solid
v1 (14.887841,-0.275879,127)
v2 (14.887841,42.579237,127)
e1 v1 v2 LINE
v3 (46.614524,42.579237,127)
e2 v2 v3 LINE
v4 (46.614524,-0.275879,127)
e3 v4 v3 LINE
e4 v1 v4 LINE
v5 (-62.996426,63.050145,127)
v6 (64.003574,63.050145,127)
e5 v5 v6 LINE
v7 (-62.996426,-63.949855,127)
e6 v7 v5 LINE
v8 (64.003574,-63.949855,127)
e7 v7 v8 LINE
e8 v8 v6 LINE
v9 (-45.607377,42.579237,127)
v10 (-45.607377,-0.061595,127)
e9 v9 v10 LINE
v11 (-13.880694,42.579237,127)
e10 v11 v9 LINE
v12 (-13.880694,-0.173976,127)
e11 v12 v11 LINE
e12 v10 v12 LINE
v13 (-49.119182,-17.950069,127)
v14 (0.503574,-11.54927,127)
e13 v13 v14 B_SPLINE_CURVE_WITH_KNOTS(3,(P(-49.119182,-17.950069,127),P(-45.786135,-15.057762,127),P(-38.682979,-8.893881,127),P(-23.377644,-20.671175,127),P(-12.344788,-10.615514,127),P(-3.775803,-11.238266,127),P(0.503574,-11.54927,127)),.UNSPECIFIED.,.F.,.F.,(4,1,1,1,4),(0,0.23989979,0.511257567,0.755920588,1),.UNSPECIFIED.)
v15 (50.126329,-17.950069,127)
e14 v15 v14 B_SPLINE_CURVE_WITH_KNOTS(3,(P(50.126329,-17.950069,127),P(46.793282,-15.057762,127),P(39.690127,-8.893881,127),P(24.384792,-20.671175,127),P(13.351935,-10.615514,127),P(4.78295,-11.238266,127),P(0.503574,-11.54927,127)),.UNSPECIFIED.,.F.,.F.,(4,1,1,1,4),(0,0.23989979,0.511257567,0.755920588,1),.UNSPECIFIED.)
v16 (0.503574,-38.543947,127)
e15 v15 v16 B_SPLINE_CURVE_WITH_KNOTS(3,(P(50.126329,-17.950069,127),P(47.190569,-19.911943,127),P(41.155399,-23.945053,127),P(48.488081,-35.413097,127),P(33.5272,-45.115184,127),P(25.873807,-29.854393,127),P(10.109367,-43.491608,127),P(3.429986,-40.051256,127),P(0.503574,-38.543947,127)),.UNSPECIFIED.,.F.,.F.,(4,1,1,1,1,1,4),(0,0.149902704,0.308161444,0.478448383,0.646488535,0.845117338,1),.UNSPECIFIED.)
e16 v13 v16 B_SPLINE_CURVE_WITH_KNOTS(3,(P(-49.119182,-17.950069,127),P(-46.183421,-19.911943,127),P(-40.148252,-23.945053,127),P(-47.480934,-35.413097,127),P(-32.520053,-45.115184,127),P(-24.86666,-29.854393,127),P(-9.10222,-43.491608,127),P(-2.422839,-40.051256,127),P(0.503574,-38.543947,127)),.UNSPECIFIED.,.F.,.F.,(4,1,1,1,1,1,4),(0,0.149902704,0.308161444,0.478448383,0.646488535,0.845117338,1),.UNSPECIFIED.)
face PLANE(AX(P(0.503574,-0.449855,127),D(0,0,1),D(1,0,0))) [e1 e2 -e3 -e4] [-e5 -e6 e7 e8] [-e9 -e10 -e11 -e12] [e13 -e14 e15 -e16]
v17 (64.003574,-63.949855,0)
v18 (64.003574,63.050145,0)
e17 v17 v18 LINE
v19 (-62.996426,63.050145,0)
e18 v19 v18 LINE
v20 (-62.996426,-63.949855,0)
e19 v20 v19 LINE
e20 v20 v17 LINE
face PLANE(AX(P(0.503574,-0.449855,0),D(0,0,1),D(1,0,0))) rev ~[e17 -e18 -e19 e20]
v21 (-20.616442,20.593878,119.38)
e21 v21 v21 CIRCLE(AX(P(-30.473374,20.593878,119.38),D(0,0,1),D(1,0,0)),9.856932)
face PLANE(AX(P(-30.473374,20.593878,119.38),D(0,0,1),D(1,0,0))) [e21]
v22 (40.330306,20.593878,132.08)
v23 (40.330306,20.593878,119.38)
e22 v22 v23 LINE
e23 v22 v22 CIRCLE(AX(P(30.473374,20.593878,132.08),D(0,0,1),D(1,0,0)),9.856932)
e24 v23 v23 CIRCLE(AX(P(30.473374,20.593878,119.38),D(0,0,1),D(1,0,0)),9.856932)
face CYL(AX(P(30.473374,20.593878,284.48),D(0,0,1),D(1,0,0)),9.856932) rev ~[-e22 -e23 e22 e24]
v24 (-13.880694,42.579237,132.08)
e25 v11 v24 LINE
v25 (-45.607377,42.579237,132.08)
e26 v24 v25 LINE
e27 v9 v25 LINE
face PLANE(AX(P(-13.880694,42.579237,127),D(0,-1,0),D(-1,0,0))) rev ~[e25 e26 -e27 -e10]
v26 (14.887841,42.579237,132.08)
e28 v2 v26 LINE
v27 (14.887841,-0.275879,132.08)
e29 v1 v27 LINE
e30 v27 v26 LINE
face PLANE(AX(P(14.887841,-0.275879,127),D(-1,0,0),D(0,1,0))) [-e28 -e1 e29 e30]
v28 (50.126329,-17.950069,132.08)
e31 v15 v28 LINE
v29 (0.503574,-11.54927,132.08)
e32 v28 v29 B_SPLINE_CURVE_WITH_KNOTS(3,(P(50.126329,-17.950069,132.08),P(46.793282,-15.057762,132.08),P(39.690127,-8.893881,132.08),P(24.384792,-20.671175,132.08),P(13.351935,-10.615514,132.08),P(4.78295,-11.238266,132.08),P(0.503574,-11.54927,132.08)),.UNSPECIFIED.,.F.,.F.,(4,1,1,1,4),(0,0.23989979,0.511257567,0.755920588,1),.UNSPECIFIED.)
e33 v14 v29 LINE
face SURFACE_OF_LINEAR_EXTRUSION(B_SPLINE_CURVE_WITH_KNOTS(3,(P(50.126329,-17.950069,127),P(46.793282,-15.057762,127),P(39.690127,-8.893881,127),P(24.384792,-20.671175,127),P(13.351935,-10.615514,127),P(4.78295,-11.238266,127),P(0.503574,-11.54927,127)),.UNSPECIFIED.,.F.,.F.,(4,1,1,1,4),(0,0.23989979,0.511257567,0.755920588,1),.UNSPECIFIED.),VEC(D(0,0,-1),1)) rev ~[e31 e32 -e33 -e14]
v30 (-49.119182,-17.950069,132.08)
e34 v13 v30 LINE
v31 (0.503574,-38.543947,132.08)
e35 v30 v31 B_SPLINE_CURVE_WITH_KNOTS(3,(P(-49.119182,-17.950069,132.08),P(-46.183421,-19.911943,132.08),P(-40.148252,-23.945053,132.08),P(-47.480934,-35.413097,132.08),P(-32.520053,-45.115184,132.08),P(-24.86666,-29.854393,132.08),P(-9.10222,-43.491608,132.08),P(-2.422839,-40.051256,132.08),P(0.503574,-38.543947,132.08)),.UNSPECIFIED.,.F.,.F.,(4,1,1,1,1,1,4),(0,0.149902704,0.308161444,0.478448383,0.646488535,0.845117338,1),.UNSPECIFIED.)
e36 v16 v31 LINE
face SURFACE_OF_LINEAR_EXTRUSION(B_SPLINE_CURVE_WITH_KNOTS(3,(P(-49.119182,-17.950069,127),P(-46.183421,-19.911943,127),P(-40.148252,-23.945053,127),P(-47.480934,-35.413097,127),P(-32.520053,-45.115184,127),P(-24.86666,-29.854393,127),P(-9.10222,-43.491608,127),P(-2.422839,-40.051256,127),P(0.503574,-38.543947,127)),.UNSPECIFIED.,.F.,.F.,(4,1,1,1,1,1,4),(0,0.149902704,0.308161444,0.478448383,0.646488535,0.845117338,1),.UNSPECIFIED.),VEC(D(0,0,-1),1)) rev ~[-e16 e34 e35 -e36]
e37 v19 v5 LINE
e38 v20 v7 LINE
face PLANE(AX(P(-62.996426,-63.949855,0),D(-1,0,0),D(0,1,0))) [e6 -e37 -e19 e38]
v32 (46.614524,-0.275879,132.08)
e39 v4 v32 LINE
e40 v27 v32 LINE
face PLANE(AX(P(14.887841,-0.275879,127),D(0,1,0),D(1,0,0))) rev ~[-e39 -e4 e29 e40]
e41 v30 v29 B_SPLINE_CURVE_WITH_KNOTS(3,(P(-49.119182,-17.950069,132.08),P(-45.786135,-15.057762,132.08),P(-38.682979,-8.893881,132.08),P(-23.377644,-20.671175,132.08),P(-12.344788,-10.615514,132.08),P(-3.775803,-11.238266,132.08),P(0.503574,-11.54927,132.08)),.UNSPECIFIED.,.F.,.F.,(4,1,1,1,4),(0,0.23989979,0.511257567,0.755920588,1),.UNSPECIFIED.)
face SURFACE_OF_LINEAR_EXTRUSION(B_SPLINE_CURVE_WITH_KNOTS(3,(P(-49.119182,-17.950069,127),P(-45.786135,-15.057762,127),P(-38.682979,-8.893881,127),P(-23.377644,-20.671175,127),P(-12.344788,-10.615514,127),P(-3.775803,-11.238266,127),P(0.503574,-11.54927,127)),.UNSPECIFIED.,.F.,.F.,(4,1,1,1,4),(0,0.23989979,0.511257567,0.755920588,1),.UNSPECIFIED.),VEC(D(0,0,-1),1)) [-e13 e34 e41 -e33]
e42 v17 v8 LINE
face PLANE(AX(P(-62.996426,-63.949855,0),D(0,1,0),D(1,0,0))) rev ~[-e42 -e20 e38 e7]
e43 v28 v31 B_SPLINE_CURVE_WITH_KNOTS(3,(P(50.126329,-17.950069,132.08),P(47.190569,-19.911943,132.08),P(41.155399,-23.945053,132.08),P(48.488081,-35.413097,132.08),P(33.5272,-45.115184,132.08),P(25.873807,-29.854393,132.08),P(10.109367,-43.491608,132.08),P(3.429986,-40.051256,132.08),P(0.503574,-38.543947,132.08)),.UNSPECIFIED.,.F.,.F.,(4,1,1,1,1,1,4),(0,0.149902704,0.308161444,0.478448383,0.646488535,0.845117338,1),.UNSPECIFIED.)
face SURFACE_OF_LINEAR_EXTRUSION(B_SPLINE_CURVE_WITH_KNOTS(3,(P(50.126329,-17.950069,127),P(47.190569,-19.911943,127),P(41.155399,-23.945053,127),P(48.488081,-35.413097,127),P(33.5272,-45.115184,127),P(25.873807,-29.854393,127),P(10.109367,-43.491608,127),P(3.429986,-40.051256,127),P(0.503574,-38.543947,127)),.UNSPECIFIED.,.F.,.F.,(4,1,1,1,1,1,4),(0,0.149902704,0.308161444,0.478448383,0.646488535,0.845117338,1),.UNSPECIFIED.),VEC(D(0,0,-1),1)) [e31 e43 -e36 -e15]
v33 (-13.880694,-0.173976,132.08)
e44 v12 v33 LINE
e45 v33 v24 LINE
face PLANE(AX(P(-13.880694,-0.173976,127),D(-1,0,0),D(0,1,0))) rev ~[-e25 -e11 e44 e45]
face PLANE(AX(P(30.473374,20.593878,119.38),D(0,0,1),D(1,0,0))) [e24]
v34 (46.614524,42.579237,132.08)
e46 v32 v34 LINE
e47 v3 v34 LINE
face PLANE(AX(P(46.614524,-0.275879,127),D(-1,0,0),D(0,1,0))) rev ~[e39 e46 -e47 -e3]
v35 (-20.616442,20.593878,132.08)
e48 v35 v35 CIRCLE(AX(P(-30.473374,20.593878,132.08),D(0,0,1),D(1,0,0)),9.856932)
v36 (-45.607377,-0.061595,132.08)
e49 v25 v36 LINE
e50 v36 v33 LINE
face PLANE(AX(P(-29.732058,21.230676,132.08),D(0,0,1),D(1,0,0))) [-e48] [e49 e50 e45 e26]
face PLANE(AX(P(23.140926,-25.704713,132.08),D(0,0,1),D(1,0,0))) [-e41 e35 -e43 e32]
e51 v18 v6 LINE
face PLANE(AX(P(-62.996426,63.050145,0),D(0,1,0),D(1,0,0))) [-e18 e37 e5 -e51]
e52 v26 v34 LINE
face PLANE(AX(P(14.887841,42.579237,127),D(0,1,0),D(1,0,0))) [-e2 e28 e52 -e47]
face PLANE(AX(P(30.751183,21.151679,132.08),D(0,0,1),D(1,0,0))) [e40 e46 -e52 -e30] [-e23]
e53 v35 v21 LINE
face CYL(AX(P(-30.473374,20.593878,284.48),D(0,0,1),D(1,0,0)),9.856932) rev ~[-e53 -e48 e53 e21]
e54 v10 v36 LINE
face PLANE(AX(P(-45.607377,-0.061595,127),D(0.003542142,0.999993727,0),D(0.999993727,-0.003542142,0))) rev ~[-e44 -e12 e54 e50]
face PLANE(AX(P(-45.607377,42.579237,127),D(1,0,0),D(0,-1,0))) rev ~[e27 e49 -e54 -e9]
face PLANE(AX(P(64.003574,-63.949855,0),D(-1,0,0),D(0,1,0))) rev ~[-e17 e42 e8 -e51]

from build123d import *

# Parameters (mm, degrees)
F0_W     = 127
F0_H     = 127
F1_DEPTH = 127
F2_W     = 31.7266828096
F2_H     = 42.8551162527
F3_DEPTH = 5.08
F6_R     = 9.8569317774
F7_DEPTH = 165.1


with BuildPart() as f1:
    # F0 (on Top) → F1 (new body)
    with BuildSketch(Plane.XY):
        with Locations((0.5035735936, -0.4498548806)):
            Rectangle(F0_W, F0_H)
    extrude(amount=F1_DEPTH)

    # F2 (on face) → F3 (join)
    with BuildSketch(Plane.XY.offset(127)):
        Polygon((-45.6073767898, -0.0615948727), (-13.8806939801, -0.1739759996), (-13.8806939801, 42.5792373717), (-45.6073767898, 42.5792373717), align=None)
        with Locations((30.7511825722, 21.1516792453)):
            Rectangle(F2_W, F2_H)
        with BuildLine():
            add(Edge.make_bspline(
                [(50.1263291183, -17.9500691593), (46.7932820736, -15.0577623363), (39.6901265176, -8.8938813577), (24.3847915396, -20.6711745873), (13.3519348493, -10.6155139904), (4.7829499351, -11.2382657266), (0.5035735936, -11.5492697805)],
                knots=[0, 0, 0, 0, 0.2398997898, 0.5112575675, 0.7559205876, 1, 1, 1, 1], degree=3))
            Line((0.5035735936, -11.5492697805), (0.5035735936, -38.543947041))
            add(Edge.make_bspline(
                [(50.1263291183, -17.9500691593), (47.1905685422, -19.9119433554), (41.1553991203, -23.945052613), (48.4880810339, -35.413097395), (33.5272000122, -45.1151840091), (25.8738069034, -29.8543925404), (10.1093672502, -43.4916081263), (3.4299860195, -40.0512557962), (0.5035735936, -38.543947041)],
                knots=[0, 0, 0, 0, 0.1499027043, 0.3081614436, 0.4784483834, 0.6464885348, 0.8451173382, 1, 1, 1, 1], degree=3))
        make_face()
        with BuildLine():
            Line((0.5035735936, -38.543947041), (0.5035735936, -11.5492697805))
            add(Edge.make_bspline(
                [(-49.119181931, -17.9500691593), (-45.7861348863, -15.0577623363), (-38.6829793303, -8.8938813577), (-23.3776443523, -20.6711745873), (-12.344787662, -10.6155139904), (-3.7758027479, -11.2382657266), (0.5035735936, -11.5492697805)],
                knots=[0, 0, 0, 0, 0.2398997898, 0.5112575675, 0.7559205876, 1, 1, 1, 1], degree=3))
            add(Edge.make_bspline(
                [(-49.119181931, -17.9500691593), (-46.1834213549, -19.9119433554), (-40.148251933, -23.945052613), (-47.4809338466, -35.413097395), (-32.5200528249, -45.1151840091), (-24.8666597161, -29.8543925404), (-9.1022200629, -43.4916081263), (-2.4228388322, -40.0512557962), (0.5035735936, -38.543947041)],
                knots=[0, 0, 0, 0, 0.1499027043, 0.3081614436, 0.4784483834, 0.6464885348, 0.8451173382, 1, 1, 1, 1], degree=3))
        make_face()
    extrude(amount=F3_DEPTH)

    # F6 (on offset) → F7 (cut)
    with BuildSketch(Plane.XY.offset(284.48)):
        with Locations((-30.4733738303, 20.5938778818)):
            Circle(F6_R)
        with Locations((30.4733738303, 20.5938778818)):
            Circle(F6_R)
    extrude(amount=-F7_DEPTH, mode=Mode.SUBTRACT)


solid = f1.part
